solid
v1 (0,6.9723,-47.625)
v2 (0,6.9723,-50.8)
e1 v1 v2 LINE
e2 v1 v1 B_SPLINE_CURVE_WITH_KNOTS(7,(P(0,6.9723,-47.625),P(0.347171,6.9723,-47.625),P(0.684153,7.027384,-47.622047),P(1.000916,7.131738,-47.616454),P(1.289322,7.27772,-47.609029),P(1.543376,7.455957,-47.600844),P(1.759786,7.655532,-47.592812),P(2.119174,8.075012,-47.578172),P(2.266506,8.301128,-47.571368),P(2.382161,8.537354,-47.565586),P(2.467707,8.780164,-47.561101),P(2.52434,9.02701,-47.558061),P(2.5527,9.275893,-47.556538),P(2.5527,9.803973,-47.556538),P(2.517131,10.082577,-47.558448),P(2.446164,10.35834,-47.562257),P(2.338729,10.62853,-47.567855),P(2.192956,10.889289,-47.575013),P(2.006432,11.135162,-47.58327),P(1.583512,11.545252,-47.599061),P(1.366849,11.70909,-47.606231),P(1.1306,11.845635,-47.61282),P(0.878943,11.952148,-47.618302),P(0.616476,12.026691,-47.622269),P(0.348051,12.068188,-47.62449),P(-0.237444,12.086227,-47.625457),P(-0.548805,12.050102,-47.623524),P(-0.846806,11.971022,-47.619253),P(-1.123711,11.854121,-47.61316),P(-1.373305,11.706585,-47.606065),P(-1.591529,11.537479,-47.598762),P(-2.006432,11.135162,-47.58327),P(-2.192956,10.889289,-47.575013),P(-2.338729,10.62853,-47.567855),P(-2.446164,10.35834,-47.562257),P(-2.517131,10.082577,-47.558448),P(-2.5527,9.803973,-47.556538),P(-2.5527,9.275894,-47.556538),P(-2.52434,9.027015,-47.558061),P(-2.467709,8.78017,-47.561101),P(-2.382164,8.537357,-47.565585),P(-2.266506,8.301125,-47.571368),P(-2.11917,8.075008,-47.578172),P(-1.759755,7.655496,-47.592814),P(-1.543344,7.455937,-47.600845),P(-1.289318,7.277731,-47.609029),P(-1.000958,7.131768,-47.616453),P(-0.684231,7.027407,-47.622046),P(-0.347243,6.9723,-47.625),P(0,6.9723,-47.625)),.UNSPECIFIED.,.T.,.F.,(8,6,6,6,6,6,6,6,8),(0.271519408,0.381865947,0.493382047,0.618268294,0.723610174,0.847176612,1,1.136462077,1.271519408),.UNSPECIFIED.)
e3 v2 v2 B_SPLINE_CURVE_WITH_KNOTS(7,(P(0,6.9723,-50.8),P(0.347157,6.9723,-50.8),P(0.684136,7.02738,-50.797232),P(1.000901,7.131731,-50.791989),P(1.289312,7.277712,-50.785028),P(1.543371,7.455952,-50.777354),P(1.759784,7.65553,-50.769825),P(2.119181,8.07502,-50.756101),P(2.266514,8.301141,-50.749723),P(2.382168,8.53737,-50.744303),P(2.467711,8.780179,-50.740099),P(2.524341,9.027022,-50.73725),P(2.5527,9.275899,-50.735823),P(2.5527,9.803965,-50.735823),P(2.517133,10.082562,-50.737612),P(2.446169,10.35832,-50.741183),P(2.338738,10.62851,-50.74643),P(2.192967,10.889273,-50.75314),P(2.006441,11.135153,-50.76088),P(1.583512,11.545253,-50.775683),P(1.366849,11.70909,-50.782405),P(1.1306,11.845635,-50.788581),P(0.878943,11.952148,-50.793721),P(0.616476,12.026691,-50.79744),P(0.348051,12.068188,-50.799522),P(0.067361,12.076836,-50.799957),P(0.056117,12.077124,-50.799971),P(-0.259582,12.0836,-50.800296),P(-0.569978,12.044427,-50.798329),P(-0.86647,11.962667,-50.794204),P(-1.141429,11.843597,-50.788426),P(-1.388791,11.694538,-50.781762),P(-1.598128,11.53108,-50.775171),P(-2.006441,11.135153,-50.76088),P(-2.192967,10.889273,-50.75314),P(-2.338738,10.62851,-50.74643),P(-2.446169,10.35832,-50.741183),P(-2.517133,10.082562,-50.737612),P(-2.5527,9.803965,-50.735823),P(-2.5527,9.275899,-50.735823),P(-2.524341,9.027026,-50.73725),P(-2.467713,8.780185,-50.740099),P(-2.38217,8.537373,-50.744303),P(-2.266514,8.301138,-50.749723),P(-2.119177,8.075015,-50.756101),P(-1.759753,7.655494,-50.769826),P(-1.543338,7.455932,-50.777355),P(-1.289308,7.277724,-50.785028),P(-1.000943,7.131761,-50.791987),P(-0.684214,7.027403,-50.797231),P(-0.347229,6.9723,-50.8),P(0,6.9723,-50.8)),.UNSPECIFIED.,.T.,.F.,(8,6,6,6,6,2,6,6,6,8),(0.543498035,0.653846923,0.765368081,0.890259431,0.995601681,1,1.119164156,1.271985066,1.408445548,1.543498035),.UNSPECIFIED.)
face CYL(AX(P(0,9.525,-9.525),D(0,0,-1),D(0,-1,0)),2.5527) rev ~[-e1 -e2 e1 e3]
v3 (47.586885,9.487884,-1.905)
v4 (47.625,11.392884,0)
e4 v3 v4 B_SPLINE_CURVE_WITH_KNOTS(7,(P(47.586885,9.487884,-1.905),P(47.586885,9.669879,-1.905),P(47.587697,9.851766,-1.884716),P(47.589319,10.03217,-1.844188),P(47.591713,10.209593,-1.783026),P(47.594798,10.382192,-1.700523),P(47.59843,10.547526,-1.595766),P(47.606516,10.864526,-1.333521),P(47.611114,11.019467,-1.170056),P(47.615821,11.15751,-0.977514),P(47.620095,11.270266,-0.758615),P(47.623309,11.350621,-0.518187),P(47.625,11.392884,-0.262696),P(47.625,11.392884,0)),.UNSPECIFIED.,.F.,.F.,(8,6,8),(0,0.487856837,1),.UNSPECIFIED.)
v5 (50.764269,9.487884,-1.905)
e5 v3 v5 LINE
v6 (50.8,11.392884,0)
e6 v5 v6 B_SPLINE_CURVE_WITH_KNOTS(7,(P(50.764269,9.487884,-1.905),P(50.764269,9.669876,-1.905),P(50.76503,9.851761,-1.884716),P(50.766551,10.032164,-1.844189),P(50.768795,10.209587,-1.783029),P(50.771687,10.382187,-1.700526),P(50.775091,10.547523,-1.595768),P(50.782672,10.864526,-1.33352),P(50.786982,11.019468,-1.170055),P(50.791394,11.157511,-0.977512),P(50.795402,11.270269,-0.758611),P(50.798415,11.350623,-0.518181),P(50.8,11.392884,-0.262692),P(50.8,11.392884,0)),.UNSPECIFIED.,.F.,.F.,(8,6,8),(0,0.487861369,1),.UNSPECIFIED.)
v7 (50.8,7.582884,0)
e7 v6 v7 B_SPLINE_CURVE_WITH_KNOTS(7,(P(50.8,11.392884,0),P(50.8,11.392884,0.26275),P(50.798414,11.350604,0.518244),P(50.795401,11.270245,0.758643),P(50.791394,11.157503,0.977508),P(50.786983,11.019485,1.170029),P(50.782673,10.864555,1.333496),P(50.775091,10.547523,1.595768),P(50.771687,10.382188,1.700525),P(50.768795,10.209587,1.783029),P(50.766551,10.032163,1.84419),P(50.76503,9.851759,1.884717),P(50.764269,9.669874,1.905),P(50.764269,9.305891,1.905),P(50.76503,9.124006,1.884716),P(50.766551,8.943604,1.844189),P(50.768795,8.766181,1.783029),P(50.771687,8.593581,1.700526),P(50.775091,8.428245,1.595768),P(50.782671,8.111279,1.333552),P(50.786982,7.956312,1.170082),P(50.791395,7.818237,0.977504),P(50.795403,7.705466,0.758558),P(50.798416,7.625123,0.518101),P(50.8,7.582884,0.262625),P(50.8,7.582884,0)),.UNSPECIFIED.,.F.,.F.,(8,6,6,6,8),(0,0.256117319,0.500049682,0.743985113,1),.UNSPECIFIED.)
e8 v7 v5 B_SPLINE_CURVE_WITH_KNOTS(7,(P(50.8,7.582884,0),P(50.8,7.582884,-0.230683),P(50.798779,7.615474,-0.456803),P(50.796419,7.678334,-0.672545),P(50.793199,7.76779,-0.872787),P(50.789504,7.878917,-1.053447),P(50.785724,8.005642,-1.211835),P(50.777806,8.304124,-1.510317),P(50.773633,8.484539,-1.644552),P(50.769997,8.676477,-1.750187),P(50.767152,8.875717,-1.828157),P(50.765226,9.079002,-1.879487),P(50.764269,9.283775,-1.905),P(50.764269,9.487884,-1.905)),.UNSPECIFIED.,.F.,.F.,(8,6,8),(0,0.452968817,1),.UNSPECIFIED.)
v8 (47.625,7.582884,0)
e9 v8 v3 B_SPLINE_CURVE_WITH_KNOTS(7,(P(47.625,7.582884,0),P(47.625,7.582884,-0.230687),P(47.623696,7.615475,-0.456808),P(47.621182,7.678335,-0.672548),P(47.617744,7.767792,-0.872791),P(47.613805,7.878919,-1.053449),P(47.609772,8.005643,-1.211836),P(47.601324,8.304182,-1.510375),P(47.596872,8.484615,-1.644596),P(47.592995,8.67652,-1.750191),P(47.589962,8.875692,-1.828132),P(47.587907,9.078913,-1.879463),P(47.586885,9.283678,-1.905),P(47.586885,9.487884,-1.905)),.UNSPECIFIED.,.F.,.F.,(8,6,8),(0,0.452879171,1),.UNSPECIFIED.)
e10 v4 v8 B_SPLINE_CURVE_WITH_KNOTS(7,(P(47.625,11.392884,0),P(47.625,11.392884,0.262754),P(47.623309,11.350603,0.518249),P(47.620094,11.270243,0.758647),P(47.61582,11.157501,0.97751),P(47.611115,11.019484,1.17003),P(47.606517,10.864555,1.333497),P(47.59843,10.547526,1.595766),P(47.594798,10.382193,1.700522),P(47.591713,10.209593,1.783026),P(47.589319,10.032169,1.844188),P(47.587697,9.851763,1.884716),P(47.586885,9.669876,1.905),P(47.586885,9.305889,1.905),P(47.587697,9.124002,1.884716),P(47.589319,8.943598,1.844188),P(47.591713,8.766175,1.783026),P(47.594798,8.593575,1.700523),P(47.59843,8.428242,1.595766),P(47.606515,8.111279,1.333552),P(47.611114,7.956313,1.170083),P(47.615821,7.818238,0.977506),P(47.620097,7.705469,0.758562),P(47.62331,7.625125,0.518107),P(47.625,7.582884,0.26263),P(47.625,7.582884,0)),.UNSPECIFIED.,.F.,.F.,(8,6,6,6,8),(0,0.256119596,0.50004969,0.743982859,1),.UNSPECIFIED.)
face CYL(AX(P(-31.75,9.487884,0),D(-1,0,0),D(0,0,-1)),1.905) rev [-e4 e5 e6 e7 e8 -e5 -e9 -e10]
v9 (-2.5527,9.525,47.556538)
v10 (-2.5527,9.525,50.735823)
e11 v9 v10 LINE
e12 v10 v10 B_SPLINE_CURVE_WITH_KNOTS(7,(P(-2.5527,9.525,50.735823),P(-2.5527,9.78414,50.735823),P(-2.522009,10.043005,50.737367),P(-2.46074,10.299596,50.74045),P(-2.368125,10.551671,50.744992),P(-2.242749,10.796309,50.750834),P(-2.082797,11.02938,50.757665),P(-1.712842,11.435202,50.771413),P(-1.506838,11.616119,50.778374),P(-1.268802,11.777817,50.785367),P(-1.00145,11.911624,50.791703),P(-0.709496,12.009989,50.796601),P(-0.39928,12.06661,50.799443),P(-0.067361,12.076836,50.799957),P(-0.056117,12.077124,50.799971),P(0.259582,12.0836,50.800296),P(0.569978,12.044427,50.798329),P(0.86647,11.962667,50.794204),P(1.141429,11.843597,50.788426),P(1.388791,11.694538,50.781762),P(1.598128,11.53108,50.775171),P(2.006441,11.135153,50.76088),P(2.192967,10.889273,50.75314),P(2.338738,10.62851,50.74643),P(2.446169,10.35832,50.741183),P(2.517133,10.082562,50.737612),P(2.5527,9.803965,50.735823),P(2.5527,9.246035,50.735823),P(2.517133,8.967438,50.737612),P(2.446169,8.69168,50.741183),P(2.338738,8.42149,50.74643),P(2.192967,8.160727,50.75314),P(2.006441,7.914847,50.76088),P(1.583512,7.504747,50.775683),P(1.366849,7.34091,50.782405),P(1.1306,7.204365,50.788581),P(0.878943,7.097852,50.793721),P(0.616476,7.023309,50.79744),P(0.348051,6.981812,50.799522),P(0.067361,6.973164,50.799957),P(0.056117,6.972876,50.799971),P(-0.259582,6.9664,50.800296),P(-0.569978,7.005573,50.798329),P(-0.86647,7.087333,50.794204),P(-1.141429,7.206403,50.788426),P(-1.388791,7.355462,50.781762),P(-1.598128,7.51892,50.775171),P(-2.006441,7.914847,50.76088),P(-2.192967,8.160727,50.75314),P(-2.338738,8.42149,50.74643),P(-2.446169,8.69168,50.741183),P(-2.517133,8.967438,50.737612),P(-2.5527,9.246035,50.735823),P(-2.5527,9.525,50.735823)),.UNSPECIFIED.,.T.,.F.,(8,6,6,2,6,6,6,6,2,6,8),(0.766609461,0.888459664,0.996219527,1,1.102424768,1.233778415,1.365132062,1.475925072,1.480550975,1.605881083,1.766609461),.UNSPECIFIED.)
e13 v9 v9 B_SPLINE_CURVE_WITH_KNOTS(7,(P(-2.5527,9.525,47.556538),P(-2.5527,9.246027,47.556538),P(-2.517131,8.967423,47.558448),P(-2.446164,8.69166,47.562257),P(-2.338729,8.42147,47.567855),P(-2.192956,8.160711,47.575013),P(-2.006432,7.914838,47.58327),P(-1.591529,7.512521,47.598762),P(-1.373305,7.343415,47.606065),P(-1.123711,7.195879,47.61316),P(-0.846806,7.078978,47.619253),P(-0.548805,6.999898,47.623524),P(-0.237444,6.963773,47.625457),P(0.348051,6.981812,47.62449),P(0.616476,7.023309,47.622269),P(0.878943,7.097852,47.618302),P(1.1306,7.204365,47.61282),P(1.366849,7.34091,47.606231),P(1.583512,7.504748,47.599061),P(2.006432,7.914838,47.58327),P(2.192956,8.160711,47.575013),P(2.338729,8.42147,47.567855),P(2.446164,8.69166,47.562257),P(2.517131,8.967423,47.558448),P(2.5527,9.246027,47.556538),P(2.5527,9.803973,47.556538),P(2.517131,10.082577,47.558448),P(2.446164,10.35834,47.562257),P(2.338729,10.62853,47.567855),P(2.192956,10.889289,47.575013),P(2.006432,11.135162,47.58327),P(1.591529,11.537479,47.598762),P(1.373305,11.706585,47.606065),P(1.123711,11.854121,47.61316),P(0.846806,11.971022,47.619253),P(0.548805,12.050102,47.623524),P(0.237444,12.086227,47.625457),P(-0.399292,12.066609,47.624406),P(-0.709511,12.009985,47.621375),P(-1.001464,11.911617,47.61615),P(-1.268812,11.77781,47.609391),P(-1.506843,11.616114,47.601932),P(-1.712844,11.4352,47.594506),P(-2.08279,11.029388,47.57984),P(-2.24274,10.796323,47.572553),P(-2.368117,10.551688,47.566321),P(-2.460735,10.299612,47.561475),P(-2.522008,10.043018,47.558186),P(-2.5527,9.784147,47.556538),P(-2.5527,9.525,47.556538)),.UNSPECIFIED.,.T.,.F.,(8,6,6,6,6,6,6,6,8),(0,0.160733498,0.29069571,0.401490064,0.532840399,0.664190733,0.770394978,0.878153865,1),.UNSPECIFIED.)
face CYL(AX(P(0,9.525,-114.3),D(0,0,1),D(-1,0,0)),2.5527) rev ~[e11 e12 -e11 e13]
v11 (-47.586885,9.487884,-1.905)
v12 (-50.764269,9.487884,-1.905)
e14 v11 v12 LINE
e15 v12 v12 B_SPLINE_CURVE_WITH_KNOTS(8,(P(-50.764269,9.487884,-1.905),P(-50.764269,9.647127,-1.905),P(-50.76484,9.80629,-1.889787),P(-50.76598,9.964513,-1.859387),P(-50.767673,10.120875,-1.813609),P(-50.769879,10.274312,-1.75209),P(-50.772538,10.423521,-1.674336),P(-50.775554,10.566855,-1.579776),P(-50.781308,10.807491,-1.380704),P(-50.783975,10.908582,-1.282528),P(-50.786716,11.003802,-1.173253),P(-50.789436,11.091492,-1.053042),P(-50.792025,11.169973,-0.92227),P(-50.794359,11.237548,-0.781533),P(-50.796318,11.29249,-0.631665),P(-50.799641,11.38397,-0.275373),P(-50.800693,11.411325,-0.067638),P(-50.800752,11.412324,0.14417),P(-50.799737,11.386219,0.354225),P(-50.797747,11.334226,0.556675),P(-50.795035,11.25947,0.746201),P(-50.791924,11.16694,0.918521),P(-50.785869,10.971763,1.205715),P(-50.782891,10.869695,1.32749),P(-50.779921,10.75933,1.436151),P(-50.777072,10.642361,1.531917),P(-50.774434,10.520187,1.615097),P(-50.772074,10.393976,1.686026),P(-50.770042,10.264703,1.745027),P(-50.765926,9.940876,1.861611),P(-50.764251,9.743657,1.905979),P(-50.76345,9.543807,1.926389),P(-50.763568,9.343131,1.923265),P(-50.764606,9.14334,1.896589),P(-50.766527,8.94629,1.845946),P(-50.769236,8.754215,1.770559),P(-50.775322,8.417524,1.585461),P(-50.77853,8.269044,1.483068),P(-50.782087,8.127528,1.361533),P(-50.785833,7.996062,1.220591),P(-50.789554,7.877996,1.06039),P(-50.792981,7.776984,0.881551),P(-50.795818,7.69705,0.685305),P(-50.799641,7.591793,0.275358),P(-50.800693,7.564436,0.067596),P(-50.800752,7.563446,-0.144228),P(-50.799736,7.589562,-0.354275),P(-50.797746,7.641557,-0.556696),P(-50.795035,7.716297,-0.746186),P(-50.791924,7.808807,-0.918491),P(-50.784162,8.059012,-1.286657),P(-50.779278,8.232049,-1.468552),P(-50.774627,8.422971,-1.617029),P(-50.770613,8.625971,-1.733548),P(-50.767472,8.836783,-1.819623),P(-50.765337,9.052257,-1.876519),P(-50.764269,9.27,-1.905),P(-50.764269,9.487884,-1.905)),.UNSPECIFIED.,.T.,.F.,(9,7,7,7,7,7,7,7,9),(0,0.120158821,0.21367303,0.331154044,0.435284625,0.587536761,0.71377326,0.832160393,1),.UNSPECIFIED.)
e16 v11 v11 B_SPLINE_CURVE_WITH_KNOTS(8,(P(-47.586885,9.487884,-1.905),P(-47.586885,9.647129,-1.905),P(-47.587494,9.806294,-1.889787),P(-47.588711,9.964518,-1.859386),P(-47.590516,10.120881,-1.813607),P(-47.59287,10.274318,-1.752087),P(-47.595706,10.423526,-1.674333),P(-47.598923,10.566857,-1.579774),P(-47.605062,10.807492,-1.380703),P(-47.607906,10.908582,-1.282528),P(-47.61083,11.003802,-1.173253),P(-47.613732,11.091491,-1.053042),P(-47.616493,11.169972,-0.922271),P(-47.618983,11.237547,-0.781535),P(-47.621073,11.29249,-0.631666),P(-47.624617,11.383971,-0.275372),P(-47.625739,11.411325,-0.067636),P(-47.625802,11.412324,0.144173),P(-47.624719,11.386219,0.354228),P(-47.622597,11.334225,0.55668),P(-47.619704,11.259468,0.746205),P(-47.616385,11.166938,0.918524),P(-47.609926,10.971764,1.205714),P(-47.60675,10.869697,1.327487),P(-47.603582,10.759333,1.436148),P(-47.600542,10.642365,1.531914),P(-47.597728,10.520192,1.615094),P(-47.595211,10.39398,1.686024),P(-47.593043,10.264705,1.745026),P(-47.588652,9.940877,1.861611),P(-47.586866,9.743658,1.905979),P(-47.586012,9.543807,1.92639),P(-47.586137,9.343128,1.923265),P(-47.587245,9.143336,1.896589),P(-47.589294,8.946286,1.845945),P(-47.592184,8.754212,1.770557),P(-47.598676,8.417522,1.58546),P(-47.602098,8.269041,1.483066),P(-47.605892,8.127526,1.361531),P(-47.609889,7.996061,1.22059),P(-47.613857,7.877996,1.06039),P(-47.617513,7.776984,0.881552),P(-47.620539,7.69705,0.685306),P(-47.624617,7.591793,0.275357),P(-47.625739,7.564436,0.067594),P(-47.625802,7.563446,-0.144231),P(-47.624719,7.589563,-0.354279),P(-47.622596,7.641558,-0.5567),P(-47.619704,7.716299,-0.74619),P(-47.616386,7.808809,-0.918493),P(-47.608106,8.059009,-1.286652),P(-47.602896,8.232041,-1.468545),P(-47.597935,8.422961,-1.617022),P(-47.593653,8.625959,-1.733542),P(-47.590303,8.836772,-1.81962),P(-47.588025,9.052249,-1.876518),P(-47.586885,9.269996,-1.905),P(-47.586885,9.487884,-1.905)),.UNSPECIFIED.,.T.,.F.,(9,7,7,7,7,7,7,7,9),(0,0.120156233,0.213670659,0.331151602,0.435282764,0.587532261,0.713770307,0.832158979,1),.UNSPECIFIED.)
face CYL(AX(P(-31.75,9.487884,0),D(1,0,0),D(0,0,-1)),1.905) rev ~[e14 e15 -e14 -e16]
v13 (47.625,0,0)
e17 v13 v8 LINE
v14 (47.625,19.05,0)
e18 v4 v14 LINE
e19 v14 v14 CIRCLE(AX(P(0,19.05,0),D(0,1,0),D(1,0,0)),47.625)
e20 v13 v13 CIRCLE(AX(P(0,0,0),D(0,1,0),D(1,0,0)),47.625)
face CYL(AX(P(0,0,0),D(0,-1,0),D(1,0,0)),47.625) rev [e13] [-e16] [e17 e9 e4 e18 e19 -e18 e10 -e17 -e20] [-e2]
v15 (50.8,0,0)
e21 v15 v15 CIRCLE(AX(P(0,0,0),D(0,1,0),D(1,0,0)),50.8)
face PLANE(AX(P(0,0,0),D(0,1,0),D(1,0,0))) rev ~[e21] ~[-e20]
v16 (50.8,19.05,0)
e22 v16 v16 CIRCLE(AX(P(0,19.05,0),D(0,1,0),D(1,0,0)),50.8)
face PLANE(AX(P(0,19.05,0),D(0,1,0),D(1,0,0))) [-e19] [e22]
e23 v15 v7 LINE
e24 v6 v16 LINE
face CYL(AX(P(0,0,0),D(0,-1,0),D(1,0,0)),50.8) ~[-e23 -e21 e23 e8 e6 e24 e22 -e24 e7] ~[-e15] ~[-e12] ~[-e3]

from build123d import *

# Parameters (mm, degrees)
SKETCH1_R                       = 50.8
SKETCH1_R_2                     = 47.625
BOSS_EXTRUDE1_DEPTH             = 19.05
SKETCH5_W                       = 2.5527
SKETCH5_H                       = 82.55
TAP_DRILL_FOR_1_4_20_TAP2_D     = 5.1054
TAP_DRILL_FOR_1_4_20_TAP2_DEPTH = 82.55
SKETCH10_R                      = 1.905
CUT_EXTRUDE3_DEPTH              = 83.5500001
CUT_EXTRUDE3_DEPTH_BACK         = 20.0500001


with BuildPart() as part:
    # Sketch1 → Boss-Extrude1 (new body)
    with BuildSketch(Plane(origin=(0, 0, 0), x_dir=(1, 0, 0), z_dir=(0, 1, 0))):
        Circle(SKETCH1_R)
        Circle(SKETCH1_R_2, mode=Mode.SUBTRACT)
    extrude(amount=BOSS_EXTRUDE1_DEPTH)

    # Sketch5 → Tap Drill for 1/4-20 Tap1 (revolve, cut)
    with BuildSketch(Plane(origin=(0, 9.525, 31.75), x_dir=(0, -1, 0), z_dir=(1, 0, 0))):
        with Locations((1.27635, 41.275)):
            Rectangle(SKETCH5_W, SKETCH5_H)
    revolve(axis=Axis((0, 9.525, 38.1), (0, 0, -1)), mode=Mode.SUBTRACT)

    # Tap Drill for 1/4-20 Tap2
    with Locations(Plane(origin=(0, 0, -31.75), x_dir=(1, 0, 0), z_dir=(0, 0, -1))):
        with Locations((0, -9.525)):
            Hole(TAP_DRILL_FOR_1_4_20_TAP2_D / 2, depth=TAP_DRILL_FOR_1_4_20_TAP2_DEPTH)

    # Sketch10 → Cut-Extrude3 (cut, two sides)
    with BuildSketch(Plane(origin=(-31.75, 0, 0), x_dir=(0, 0, -1), z_dir=(1, 0, 0))) as cut_extrude3_sk:
        with Locations((0, 9.487883811)):
            Circle(SKETCH10_R)
    extrude(amount=CUT_EXTRUDE3_DEPTH, mode=Mode.SUBTRACT)
    extrude(cut_extrude3_sk.sketch, amount=-CUT_EXTRUDE3_DEPTH_BACK, mode=Mode.SUBTRACT)


solid = part.part
